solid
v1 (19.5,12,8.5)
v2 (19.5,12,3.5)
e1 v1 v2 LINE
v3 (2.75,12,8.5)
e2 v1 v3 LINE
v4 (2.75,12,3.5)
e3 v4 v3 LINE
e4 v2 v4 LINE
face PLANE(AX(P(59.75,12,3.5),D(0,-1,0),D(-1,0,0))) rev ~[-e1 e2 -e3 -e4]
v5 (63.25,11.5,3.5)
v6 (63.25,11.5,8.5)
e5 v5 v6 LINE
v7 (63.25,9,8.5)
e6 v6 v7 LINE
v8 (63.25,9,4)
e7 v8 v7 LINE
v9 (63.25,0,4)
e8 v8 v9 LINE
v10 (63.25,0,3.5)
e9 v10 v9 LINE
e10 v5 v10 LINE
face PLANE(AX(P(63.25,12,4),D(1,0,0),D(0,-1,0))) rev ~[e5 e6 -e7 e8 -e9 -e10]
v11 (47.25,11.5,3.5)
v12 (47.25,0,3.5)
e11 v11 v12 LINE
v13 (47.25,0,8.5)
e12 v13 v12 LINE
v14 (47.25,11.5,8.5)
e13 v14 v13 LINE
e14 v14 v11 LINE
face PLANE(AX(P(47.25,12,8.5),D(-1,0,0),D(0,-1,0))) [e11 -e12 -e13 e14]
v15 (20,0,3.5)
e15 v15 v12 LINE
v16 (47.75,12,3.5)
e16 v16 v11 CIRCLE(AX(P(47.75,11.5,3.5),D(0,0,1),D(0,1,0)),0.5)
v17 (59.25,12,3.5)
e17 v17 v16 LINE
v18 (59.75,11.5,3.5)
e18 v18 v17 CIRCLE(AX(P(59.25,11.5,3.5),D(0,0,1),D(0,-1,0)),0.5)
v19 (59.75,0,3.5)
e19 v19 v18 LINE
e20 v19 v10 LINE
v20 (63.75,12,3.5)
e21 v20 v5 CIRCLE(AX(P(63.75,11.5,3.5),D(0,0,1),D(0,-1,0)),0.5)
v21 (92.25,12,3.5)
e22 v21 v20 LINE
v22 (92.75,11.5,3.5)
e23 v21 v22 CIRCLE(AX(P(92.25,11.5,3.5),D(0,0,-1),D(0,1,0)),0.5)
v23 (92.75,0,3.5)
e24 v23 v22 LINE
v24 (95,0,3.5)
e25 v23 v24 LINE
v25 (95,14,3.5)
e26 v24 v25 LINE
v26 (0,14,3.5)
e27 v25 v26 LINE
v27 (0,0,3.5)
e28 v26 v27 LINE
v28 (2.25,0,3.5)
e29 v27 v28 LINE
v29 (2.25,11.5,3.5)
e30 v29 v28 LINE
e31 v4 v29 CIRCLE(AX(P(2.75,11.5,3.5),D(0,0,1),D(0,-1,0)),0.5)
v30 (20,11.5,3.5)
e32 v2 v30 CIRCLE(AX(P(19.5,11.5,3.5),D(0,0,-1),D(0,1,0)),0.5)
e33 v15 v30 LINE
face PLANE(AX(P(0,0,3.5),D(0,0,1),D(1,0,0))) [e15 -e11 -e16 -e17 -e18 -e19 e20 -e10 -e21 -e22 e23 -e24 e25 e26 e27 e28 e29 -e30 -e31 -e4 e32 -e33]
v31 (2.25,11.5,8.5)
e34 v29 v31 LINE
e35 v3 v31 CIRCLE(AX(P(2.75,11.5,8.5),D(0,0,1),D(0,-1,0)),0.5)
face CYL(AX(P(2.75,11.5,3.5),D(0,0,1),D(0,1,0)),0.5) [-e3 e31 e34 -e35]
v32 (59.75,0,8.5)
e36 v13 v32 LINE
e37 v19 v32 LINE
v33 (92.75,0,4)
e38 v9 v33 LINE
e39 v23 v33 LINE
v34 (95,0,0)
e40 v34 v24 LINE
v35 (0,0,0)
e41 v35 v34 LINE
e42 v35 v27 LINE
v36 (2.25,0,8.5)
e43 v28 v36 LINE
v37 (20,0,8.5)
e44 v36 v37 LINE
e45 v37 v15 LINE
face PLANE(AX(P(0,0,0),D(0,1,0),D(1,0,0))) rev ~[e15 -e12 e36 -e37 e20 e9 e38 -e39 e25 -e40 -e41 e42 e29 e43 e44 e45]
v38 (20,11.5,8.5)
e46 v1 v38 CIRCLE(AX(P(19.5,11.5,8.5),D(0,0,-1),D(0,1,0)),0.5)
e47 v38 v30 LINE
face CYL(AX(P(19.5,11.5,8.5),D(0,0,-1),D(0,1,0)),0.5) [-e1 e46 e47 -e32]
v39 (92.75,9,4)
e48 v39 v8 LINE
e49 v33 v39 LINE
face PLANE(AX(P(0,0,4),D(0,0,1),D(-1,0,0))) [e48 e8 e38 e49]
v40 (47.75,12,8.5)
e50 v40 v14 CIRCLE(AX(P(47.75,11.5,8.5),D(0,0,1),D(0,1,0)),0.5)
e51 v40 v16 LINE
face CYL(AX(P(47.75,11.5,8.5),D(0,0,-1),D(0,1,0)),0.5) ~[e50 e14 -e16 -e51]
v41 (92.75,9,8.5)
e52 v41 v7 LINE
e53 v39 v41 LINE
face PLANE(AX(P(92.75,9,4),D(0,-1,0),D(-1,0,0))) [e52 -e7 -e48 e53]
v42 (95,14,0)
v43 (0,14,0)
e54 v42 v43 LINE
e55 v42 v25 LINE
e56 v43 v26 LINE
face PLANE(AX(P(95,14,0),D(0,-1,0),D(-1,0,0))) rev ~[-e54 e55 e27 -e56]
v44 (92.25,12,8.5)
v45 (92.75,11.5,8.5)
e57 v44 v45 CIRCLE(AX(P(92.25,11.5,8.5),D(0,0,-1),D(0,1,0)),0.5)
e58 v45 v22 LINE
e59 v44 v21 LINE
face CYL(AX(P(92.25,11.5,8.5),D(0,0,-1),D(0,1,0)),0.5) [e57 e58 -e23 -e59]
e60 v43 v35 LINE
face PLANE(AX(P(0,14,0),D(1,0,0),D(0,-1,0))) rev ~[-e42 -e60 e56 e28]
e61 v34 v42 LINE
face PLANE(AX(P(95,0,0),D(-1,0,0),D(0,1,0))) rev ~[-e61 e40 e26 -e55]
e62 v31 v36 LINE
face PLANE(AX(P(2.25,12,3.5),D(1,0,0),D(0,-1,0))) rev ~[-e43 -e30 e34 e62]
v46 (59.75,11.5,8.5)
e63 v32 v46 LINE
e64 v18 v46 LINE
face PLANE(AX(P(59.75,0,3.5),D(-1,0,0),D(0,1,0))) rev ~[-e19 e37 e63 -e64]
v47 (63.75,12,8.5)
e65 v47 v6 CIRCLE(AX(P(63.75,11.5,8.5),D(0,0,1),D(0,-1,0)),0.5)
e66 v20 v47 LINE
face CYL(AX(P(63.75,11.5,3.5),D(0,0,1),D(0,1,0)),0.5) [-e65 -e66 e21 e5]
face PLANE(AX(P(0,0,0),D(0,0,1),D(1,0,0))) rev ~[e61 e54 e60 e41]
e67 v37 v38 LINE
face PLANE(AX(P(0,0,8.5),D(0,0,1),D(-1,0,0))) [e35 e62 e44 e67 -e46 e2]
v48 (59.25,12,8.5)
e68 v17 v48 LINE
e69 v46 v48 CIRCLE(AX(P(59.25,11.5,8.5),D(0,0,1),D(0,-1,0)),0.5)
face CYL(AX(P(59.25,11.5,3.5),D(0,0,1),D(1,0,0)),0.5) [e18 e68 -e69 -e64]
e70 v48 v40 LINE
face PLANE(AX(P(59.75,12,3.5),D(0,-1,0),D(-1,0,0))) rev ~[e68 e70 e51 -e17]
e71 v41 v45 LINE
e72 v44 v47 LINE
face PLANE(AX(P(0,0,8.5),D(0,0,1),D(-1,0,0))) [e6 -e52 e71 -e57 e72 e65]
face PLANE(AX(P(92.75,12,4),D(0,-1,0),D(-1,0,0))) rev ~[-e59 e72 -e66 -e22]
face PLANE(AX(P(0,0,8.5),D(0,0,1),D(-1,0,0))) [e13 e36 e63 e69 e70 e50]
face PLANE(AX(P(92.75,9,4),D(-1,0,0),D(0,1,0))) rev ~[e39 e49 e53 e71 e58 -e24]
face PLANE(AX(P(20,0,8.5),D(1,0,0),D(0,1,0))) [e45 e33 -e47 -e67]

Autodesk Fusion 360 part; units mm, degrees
sketch "Sketch1" plane through (0, 0, 0) normal (0, 0, 1) x (1, 0, 0)
  line L0 (0, 0) -> (95, 0)
  line L1 (95, 0) -> (95, 14)
  line L2 (95, 14) -> (0, 14)
  line L3 (0, 14) -> (0, 0)
  dimension "d1" = 95
  dimension "d2" = 14
extrude "Extrude1" add sketch "Sketch1" along normal blind 3.5
sketch "Sketch2" plane through (0, 0, 3.5) normal (0, 0, 1) x (-1, 0, 0)
  line L0 (0, -14) -> (0, 0)
  line L1 (0, 0) -> (-95, 0)
  line L2 (-95, 0) -> (-95, -14)
  line L3 (-95, -14) -> (0, -14)
  line L4 (-2.25, 0) -> (-59.75, 0)
  line L5 (-59.75, 0) -> (-59.75, -12)
  line L6 (-59.75, -12) -> (-2.25, -12)
  line L7 (-2.25, -12) -> (-2.25, 0)
  line L8 (-63.25, 0) -> (-92.75, 0)
  line L9 (-92.75, 0) -> (-92.75, -12)
  line L10 (-92.75, -12) -> (-63.25, -12)
  line L11 (-63.25, -12) -> (-63.25, 0)
  dimension "d5" = 57.5
  dimension "d6" = 12
  dimension "d7" = 2.25
  dimension "d8" = 29.5
  dimension "d9" = 12
  dimension "d22" = 2.25
extrude "Extrude6" add sketch "Sketch2" along normal blind 0.5 contours L1 L8 L9 L10 L11
extrude "Extrude7" add sketch "Sketch2" along normal blind 5 contours L1 L4 L5 L6 L7
sketch "Sketch5" plane through (0, 0, 4) normal (0, 0, 1) x (-1, 0, 0)
  line L0 (-63.25, -12) -> (-63.25, 0)
  line L1 (-63.25, 0) -> (-92.75, 0)
  line L2 (-92.75, 0) -> (-92.75, -12)
  line L3 (-92.75, -12) -> (-63.25, -12)
  line L4 (-63.25, -12) -> (-92.75, -12)
  line L5 (-92.75, -12) -> (-92.75, -9)
  line L6 (-92.75, -9) -> (-63.25, -9)
  line L7 (-63.25, -9) -> (-63.25, -12)
  dimension "d27" = 3
extrude "Extrude8" add sketch "Sketch5" along normal blind 4.5 contours L0 L2 L3 L4 L5 L6 L7
sketch "Sketch6" plane through (0, 0, 8.5) normal (0, 0, 1) x (-1, 0, 0)
  line L0 (-2.25, -12) -> (-2.25, 0)
  line L1 (-2.25, 0) -> (-59.75, 0)
  line L2 (-59.75, 0) -> (-59.75, -12)
  line L3 (-59.75, -12) -> (-2.25, -12)
  line L4 (-20, -12) -> (-47.25, -12)
  line L5 (-47.25, -12) -> (-47.25, 0)
  line L6 (-47.25, 0) -> (-20, 0)
  line L7 (-20, 0) -> (-20, -12)
  line L8 (-2.25, -12) -> (-2.25, 0)
  dimension "d30" = 17.75
  dimension "d31" = 27.25
extrude "Extrude9" cut sketch "Sketch6" against normal blind 5 contours L1 L3 L4 L5 L6 L7
fillet "Fillet1" radius 0.5 6 edges at (92.75, 12, 6) (63.25, 12, 6) (47.25, 12, 6) (20, 12, 6) (2.25, 12, 6) (59.75, 12, 6)
